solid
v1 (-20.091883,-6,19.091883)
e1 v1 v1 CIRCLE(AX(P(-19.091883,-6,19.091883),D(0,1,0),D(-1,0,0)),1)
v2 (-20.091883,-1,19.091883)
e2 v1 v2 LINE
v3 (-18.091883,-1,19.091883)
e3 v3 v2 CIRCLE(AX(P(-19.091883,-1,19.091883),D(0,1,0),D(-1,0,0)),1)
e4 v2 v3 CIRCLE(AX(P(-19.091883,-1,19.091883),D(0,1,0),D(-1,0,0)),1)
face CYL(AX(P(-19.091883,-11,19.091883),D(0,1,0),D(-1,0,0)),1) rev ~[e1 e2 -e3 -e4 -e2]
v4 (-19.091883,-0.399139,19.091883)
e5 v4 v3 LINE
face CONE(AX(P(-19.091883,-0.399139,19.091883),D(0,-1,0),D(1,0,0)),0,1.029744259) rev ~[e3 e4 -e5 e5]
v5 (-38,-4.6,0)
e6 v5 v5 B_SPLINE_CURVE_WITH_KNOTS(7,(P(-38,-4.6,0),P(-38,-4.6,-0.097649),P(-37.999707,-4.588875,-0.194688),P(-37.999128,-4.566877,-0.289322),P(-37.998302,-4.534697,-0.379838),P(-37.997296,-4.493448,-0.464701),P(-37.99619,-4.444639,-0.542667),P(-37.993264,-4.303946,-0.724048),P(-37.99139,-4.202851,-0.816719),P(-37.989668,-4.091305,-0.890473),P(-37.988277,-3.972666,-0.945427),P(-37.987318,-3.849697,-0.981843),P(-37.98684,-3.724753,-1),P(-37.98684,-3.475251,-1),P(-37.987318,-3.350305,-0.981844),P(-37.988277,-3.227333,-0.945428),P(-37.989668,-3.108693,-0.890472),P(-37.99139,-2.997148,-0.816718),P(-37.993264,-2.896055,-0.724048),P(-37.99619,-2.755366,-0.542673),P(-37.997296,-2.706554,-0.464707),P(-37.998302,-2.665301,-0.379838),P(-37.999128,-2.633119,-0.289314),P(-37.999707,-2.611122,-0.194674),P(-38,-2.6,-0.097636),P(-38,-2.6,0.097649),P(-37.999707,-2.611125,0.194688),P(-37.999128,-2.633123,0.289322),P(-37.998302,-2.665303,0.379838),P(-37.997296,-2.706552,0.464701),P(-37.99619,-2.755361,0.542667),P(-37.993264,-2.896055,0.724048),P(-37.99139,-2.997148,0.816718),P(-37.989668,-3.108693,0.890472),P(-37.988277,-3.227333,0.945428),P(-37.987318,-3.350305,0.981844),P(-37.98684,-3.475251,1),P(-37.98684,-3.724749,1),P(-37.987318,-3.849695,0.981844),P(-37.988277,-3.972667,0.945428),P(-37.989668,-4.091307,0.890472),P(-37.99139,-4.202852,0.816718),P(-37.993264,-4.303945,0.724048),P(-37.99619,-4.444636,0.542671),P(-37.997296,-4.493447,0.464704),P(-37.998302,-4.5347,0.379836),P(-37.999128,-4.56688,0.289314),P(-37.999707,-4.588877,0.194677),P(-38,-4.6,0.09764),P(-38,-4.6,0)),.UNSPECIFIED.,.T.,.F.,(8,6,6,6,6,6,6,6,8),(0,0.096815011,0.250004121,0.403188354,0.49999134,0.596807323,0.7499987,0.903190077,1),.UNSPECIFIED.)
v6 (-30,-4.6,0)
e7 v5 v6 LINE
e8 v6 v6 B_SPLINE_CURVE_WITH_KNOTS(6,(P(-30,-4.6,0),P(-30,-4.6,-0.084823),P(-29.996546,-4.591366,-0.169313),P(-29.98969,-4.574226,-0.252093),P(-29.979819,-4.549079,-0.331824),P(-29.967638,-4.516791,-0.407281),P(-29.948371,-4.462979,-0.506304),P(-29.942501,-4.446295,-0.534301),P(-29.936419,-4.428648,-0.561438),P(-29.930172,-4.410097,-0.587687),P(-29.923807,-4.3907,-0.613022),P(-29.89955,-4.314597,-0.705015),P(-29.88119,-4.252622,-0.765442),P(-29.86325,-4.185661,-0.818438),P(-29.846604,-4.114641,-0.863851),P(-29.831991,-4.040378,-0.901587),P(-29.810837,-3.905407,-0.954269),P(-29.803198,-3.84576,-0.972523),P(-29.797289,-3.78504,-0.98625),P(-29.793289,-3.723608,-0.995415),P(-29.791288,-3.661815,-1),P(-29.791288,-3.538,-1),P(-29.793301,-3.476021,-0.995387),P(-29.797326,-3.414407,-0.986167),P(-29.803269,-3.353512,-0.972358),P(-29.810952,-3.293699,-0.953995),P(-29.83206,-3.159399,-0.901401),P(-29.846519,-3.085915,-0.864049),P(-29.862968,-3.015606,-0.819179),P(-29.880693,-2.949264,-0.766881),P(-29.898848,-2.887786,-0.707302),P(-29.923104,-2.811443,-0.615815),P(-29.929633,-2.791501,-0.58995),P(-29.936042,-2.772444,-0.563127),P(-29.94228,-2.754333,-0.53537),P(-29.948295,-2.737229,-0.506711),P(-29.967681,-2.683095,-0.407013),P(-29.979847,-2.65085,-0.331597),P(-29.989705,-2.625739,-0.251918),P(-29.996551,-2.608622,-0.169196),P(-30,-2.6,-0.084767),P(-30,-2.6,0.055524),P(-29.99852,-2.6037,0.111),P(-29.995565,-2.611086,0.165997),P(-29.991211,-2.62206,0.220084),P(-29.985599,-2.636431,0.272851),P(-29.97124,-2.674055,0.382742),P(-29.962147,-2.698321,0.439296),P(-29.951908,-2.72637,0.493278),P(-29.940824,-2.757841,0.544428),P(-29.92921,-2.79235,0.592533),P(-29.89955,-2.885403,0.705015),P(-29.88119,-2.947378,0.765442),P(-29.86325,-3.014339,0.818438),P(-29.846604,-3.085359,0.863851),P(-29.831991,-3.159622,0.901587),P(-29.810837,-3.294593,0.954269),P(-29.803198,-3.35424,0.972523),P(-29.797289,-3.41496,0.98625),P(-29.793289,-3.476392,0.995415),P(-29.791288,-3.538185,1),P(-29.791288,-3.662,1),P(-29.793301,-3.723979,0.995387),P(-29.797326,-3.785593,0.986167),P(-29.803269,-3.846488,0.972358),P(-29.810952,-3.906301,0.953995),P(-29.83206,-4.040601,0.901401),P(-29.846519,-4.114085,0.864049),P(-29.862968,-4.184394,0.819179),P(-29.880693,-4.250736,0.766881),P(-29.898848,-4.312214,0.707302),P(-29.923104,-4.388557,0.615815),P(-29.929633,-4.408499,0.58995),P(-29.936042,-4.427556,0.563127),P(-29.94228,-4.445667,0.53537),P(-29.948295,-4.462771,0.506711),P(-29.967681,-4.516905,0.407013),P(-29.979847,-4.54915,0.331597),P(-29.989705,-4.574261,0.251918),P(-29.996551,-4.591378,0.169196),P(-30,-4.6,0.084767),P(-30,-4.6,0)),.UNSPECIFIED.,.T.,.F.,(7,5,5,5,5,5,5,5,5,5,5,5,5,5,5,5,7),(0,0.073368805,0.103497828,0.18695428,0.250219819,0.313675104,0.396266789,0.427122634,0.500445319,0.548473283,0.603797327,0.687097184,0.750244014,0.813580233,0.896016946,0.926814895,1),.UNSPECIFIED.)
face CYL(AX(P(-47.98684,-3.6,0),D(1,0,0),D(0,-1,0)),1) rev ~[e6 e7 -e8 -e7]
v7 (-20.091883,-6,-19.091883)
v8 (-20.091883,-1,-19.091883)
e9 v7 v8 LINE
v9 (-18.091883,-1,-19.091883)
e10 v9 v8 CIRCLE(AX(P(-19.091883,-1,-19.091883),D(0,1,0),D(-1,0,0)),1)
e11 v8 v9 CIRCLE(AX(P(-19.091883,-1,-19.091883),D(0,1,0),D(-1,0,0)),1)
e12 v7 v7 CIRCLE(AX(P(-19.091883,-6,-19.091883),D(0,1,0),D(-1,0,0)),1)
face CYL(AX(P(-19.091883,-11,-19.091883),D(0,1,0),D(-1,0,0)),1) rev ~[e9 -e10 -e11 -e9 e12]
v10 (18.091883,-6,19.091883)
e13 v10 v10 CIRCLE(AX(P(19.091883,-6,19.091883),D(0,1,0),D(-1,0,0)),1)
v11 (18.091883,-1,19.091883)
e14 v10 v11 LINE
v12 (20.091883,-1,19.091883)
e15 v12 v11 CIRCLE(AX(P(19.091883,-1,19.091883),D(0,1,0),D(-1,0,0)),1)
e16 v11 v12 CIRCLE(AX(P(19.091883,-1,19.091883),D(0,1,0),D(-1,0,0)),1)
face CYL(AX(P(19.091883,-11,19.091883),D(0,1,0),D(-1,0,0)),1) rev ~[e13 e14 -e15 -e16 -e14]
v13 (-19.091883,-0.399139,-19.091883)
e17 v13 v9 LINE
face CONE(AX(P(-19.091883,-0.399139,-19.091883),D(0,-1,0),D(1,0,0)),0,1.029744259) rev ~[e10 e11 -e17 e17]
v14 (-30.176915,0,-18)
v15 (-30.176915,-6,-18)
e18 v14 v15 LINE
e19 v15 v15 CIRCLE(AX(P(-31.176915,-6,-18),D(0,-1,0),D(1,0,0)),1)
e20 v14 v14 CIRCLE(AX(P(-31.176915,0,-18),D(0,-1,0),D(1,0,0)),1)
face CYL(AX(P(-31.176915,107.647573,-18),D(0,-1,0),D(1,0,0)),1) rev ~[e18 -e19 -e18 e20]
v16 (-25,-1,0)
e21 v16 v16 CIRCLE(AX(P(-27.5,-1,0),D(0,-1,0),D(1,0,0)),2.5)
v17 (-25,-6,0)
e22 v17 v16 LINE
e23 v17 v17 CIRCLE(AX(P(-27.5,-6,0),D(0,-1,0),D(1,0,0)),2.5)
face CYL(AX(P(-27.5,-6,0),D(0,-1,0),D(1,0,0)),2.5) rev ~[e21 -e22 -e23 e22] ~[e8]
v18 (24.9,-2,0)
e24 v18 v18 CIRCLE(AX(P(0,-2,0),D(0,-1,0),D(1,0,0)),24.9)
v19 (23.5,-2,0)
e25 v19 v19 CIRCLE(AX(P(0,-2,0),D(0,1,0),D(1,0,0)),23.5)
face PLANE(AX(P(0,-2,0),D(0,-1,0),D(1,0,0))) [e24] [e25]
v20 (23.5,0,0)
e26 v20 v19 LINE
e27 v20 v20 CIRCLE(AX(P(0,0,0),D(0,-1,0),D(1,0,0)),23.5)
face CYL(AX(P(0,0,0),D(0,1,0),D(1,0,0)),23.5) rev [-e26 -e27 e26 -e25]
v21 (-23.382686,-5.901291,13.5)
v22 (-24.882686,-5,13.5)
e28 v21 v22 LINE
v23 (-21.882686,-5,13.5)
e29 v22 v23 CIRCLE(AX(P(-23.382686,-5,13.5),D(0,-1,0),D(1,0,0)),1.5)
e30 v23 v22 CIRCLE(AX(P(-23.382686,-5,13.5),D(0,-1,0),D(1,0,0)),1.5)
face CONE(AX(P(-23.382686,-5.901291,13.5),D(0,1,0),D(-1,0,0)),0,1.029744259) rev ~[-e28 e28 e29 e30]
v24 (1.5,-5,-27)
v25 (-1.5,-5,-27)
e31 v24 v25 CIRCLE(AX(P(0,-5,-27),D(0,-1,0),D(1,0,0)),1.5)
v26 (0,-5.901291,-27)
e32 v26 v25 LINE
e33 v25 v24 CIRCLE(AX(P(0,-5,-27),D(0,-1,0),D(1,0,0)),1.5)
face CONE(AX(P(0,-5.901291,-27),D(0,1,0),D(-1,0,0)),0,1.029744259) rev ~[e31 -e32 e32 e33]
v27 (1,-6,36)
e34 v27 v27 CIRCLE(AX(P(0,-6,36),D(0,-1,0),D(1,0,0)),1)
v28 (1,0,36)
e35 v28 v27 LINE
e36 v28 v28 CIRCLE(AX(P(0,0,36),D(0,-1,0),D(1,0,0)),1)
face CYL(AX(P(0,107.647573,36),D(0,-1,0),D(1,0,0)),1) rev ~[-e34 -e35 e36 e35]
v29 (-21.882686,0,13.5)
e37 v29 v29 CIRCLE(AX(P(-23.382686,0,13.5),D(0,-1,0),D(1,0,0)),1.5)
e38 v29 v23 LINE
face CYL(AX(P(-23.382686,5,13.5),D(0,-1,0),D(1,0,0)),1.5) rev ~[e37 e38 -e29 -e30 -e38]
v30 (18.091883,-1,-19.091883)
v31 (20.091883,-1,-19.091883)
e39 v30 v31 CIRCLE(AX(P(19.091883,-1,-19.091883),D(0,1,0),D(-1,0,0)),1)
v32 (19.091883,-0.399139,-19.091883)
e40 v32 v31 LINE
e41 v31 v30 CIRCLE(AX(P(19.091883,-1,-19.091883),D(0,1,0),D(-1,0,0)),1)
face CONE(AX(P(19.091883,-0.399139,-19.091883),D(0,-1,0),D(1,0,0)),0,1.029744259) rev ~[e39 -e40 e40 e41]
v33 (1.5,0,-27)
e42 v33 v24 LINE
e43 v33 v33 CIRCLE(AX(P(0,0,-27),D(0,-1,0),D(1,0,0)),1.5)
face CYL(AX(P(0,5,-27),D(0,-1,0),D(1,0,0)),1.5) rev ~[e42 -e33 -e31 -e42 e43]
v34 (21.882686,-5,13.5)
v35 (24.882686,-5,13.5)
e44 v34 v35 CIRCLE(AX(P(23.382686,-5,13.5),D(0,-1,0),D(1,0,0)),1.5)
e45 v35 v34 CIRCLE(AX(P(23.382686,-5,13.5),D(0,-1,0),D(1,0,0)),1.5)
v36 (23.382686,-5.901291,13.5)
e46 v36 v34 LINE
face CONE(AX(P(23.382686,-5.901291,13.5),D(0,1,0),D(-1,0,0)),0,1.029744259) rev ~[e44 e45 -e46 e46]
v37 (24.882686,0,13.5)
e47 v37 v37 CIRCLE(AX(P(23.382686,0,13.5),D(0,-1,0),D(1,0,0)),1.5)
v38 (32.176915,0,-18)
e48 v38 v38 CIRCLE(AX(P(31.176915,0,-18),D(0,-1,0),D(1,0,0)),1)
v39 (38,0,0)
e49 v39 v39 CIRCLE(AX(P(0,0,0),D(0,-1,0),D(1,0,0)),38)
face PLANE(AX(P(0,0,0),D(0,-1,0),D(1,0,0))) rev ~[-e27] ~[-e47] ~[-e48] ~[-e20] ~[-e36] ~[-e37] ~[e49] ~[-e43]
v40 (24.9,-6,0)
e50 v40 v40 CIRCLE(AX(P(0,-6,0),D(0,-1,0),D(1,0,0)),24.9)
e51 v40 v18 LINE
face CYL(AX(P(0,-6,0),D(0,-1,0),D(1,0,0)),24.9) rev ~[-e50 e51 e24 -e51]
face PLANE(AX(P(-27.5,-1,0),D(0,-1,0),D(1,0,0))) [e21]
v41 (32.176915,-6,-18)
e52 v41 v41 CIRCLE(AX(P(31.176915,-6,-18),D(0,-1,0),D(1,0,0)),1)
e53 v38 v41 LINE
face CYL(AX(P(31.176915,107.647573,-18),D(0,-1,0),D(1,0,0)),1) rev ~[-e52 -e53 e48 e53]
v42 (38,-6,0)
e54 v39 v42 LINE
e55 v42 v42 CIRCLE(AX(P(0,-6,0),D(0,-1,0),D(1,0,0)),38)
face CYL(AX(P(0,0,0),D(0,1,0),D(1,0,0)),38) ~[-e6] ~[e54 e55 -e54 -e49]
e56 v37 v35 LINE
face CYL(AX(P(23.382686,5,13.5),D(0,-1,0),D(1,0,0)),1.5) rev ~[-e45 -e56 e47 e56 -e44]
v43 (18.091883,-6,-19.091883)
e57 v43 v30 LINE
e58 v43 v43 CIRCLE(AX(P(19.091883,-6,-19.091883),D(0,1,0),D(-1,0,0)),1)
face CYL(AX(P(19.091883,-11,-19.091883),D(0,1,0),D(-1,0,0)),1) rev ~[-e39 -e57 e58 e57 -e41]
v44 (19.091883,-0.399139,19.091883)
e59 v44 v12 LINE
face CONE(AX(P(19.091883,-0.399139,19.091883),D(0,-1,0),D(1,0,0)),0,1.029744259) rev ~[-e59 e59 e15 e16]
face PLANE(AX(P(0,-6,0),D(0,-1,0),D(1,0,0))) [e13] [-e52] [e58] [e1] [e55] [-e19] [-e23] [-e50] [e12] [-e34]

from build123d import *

# Parameters (mm, degrees)
F0_R      = 38
F0_R_2    = 23.5
F1_DEPTH  = 6
F2_R      = 24.9
F3_DEPTH  = 4
F5_D      = 3
F5_DEPTH  = 5
F5_TIP    = 0.9012909285
F6_D      = 2
F8_D      = 2
F8_DEPTH  = 5
F8_TIP    = 0.600860619
F9_R      = 2.5
F10_DEPTH = 5
F13_D     = 2
F13_DEPTH = 10
F13_START = 2.0131603
F13_TIP   = 0.600860619


with BuildPart() as f1:
    # F0 (on Front) → F1 (new body)
    with BuildSketch(Plane.XZ):
        Circle(F0_R)
        Circle(F0_R_2, mode=Mode.SUBTRACT)
    extrude(amount=F1_DEPTH)

    # F2 (on face) → F3 (cut)
    with BuildSketch(Plane.XZ.offset(6)):
        Circle(F2_R)
    extrude(amount=-F3_DEPTH, mode=Mode.SUBTRACT)

    # F5
    with Locations(Plane(origin=(0, 0, 0), x_dir=(-1, 0, 0), z_dir=(0, 1, 0))):
        with Locations((23.3826859022, 13.5), (-23.3826859022, 13.5), (0, -27)):
            Hole(F5_D / 2, depth=F5_DEPTH)
            with Locations((0, 0, -(F5_DEPTH + F5_TIP / 2))):  # 118° drill point
                Cone(0, F5_D / 2, F5_TIP, mode=Mode.SUBTRACT)

    # F6 (through all)
    with Locations(Plane(origin=(0, 0, 0), x_dir=(-1, 0, 0), z_dir=(0, 1, 0))):
        with Locations((0, 36), (-31.1769145362, -18), (31.1769145362, -18)):
            Hole(F6_D / 2)

    # F8
    with Locations(Plane.XZ.offset(6)):
        with Locations((-19.091883092, 19.091883092), (-19.091883092, -19.091883092), (19.091883092, -19.091883092), (19.091883092, 19.091883092)):
            Hole(F8_D / 2, depth=F8_DEPTH)
            with Locations((0, 0, -(F8_DEPTH + F8_TIP / 2))):  # 118° drill point
                Cone(0, F8_D / 2, F8_TIP, mode=Mode.SUBTRACT)

    # F9 (on face) → F10 (cut)
    with BuildSketch(Plane.XZ.offset(6)):
        with Locations((-27.5, 0)):
            Circle(F9_R)
    extrude(amount=-F10_DEPTH, mode=Mode.SUBTRACT)

    # F13
    # its depths count from where the whole tool has entered the part; down to there all is cleared
    with Locations(Plane(origin=(-40, 0, 0), x_dir=(0, 1, 0), z_dir=(-1, 0, 0)).offset(-F13_START)):
        with Locations((-3.6, 0)):
            Hole(F13_D / 2, depth=F13_DEPTH)
            with Locations((0, 0, -(F13_DEPTH + F13_TIP / 2))):  # 118° drill point
                Cone(0, F13_D / 2, F13_TIP, mode=Mode.SUBTRACT)


solid = f1.part
